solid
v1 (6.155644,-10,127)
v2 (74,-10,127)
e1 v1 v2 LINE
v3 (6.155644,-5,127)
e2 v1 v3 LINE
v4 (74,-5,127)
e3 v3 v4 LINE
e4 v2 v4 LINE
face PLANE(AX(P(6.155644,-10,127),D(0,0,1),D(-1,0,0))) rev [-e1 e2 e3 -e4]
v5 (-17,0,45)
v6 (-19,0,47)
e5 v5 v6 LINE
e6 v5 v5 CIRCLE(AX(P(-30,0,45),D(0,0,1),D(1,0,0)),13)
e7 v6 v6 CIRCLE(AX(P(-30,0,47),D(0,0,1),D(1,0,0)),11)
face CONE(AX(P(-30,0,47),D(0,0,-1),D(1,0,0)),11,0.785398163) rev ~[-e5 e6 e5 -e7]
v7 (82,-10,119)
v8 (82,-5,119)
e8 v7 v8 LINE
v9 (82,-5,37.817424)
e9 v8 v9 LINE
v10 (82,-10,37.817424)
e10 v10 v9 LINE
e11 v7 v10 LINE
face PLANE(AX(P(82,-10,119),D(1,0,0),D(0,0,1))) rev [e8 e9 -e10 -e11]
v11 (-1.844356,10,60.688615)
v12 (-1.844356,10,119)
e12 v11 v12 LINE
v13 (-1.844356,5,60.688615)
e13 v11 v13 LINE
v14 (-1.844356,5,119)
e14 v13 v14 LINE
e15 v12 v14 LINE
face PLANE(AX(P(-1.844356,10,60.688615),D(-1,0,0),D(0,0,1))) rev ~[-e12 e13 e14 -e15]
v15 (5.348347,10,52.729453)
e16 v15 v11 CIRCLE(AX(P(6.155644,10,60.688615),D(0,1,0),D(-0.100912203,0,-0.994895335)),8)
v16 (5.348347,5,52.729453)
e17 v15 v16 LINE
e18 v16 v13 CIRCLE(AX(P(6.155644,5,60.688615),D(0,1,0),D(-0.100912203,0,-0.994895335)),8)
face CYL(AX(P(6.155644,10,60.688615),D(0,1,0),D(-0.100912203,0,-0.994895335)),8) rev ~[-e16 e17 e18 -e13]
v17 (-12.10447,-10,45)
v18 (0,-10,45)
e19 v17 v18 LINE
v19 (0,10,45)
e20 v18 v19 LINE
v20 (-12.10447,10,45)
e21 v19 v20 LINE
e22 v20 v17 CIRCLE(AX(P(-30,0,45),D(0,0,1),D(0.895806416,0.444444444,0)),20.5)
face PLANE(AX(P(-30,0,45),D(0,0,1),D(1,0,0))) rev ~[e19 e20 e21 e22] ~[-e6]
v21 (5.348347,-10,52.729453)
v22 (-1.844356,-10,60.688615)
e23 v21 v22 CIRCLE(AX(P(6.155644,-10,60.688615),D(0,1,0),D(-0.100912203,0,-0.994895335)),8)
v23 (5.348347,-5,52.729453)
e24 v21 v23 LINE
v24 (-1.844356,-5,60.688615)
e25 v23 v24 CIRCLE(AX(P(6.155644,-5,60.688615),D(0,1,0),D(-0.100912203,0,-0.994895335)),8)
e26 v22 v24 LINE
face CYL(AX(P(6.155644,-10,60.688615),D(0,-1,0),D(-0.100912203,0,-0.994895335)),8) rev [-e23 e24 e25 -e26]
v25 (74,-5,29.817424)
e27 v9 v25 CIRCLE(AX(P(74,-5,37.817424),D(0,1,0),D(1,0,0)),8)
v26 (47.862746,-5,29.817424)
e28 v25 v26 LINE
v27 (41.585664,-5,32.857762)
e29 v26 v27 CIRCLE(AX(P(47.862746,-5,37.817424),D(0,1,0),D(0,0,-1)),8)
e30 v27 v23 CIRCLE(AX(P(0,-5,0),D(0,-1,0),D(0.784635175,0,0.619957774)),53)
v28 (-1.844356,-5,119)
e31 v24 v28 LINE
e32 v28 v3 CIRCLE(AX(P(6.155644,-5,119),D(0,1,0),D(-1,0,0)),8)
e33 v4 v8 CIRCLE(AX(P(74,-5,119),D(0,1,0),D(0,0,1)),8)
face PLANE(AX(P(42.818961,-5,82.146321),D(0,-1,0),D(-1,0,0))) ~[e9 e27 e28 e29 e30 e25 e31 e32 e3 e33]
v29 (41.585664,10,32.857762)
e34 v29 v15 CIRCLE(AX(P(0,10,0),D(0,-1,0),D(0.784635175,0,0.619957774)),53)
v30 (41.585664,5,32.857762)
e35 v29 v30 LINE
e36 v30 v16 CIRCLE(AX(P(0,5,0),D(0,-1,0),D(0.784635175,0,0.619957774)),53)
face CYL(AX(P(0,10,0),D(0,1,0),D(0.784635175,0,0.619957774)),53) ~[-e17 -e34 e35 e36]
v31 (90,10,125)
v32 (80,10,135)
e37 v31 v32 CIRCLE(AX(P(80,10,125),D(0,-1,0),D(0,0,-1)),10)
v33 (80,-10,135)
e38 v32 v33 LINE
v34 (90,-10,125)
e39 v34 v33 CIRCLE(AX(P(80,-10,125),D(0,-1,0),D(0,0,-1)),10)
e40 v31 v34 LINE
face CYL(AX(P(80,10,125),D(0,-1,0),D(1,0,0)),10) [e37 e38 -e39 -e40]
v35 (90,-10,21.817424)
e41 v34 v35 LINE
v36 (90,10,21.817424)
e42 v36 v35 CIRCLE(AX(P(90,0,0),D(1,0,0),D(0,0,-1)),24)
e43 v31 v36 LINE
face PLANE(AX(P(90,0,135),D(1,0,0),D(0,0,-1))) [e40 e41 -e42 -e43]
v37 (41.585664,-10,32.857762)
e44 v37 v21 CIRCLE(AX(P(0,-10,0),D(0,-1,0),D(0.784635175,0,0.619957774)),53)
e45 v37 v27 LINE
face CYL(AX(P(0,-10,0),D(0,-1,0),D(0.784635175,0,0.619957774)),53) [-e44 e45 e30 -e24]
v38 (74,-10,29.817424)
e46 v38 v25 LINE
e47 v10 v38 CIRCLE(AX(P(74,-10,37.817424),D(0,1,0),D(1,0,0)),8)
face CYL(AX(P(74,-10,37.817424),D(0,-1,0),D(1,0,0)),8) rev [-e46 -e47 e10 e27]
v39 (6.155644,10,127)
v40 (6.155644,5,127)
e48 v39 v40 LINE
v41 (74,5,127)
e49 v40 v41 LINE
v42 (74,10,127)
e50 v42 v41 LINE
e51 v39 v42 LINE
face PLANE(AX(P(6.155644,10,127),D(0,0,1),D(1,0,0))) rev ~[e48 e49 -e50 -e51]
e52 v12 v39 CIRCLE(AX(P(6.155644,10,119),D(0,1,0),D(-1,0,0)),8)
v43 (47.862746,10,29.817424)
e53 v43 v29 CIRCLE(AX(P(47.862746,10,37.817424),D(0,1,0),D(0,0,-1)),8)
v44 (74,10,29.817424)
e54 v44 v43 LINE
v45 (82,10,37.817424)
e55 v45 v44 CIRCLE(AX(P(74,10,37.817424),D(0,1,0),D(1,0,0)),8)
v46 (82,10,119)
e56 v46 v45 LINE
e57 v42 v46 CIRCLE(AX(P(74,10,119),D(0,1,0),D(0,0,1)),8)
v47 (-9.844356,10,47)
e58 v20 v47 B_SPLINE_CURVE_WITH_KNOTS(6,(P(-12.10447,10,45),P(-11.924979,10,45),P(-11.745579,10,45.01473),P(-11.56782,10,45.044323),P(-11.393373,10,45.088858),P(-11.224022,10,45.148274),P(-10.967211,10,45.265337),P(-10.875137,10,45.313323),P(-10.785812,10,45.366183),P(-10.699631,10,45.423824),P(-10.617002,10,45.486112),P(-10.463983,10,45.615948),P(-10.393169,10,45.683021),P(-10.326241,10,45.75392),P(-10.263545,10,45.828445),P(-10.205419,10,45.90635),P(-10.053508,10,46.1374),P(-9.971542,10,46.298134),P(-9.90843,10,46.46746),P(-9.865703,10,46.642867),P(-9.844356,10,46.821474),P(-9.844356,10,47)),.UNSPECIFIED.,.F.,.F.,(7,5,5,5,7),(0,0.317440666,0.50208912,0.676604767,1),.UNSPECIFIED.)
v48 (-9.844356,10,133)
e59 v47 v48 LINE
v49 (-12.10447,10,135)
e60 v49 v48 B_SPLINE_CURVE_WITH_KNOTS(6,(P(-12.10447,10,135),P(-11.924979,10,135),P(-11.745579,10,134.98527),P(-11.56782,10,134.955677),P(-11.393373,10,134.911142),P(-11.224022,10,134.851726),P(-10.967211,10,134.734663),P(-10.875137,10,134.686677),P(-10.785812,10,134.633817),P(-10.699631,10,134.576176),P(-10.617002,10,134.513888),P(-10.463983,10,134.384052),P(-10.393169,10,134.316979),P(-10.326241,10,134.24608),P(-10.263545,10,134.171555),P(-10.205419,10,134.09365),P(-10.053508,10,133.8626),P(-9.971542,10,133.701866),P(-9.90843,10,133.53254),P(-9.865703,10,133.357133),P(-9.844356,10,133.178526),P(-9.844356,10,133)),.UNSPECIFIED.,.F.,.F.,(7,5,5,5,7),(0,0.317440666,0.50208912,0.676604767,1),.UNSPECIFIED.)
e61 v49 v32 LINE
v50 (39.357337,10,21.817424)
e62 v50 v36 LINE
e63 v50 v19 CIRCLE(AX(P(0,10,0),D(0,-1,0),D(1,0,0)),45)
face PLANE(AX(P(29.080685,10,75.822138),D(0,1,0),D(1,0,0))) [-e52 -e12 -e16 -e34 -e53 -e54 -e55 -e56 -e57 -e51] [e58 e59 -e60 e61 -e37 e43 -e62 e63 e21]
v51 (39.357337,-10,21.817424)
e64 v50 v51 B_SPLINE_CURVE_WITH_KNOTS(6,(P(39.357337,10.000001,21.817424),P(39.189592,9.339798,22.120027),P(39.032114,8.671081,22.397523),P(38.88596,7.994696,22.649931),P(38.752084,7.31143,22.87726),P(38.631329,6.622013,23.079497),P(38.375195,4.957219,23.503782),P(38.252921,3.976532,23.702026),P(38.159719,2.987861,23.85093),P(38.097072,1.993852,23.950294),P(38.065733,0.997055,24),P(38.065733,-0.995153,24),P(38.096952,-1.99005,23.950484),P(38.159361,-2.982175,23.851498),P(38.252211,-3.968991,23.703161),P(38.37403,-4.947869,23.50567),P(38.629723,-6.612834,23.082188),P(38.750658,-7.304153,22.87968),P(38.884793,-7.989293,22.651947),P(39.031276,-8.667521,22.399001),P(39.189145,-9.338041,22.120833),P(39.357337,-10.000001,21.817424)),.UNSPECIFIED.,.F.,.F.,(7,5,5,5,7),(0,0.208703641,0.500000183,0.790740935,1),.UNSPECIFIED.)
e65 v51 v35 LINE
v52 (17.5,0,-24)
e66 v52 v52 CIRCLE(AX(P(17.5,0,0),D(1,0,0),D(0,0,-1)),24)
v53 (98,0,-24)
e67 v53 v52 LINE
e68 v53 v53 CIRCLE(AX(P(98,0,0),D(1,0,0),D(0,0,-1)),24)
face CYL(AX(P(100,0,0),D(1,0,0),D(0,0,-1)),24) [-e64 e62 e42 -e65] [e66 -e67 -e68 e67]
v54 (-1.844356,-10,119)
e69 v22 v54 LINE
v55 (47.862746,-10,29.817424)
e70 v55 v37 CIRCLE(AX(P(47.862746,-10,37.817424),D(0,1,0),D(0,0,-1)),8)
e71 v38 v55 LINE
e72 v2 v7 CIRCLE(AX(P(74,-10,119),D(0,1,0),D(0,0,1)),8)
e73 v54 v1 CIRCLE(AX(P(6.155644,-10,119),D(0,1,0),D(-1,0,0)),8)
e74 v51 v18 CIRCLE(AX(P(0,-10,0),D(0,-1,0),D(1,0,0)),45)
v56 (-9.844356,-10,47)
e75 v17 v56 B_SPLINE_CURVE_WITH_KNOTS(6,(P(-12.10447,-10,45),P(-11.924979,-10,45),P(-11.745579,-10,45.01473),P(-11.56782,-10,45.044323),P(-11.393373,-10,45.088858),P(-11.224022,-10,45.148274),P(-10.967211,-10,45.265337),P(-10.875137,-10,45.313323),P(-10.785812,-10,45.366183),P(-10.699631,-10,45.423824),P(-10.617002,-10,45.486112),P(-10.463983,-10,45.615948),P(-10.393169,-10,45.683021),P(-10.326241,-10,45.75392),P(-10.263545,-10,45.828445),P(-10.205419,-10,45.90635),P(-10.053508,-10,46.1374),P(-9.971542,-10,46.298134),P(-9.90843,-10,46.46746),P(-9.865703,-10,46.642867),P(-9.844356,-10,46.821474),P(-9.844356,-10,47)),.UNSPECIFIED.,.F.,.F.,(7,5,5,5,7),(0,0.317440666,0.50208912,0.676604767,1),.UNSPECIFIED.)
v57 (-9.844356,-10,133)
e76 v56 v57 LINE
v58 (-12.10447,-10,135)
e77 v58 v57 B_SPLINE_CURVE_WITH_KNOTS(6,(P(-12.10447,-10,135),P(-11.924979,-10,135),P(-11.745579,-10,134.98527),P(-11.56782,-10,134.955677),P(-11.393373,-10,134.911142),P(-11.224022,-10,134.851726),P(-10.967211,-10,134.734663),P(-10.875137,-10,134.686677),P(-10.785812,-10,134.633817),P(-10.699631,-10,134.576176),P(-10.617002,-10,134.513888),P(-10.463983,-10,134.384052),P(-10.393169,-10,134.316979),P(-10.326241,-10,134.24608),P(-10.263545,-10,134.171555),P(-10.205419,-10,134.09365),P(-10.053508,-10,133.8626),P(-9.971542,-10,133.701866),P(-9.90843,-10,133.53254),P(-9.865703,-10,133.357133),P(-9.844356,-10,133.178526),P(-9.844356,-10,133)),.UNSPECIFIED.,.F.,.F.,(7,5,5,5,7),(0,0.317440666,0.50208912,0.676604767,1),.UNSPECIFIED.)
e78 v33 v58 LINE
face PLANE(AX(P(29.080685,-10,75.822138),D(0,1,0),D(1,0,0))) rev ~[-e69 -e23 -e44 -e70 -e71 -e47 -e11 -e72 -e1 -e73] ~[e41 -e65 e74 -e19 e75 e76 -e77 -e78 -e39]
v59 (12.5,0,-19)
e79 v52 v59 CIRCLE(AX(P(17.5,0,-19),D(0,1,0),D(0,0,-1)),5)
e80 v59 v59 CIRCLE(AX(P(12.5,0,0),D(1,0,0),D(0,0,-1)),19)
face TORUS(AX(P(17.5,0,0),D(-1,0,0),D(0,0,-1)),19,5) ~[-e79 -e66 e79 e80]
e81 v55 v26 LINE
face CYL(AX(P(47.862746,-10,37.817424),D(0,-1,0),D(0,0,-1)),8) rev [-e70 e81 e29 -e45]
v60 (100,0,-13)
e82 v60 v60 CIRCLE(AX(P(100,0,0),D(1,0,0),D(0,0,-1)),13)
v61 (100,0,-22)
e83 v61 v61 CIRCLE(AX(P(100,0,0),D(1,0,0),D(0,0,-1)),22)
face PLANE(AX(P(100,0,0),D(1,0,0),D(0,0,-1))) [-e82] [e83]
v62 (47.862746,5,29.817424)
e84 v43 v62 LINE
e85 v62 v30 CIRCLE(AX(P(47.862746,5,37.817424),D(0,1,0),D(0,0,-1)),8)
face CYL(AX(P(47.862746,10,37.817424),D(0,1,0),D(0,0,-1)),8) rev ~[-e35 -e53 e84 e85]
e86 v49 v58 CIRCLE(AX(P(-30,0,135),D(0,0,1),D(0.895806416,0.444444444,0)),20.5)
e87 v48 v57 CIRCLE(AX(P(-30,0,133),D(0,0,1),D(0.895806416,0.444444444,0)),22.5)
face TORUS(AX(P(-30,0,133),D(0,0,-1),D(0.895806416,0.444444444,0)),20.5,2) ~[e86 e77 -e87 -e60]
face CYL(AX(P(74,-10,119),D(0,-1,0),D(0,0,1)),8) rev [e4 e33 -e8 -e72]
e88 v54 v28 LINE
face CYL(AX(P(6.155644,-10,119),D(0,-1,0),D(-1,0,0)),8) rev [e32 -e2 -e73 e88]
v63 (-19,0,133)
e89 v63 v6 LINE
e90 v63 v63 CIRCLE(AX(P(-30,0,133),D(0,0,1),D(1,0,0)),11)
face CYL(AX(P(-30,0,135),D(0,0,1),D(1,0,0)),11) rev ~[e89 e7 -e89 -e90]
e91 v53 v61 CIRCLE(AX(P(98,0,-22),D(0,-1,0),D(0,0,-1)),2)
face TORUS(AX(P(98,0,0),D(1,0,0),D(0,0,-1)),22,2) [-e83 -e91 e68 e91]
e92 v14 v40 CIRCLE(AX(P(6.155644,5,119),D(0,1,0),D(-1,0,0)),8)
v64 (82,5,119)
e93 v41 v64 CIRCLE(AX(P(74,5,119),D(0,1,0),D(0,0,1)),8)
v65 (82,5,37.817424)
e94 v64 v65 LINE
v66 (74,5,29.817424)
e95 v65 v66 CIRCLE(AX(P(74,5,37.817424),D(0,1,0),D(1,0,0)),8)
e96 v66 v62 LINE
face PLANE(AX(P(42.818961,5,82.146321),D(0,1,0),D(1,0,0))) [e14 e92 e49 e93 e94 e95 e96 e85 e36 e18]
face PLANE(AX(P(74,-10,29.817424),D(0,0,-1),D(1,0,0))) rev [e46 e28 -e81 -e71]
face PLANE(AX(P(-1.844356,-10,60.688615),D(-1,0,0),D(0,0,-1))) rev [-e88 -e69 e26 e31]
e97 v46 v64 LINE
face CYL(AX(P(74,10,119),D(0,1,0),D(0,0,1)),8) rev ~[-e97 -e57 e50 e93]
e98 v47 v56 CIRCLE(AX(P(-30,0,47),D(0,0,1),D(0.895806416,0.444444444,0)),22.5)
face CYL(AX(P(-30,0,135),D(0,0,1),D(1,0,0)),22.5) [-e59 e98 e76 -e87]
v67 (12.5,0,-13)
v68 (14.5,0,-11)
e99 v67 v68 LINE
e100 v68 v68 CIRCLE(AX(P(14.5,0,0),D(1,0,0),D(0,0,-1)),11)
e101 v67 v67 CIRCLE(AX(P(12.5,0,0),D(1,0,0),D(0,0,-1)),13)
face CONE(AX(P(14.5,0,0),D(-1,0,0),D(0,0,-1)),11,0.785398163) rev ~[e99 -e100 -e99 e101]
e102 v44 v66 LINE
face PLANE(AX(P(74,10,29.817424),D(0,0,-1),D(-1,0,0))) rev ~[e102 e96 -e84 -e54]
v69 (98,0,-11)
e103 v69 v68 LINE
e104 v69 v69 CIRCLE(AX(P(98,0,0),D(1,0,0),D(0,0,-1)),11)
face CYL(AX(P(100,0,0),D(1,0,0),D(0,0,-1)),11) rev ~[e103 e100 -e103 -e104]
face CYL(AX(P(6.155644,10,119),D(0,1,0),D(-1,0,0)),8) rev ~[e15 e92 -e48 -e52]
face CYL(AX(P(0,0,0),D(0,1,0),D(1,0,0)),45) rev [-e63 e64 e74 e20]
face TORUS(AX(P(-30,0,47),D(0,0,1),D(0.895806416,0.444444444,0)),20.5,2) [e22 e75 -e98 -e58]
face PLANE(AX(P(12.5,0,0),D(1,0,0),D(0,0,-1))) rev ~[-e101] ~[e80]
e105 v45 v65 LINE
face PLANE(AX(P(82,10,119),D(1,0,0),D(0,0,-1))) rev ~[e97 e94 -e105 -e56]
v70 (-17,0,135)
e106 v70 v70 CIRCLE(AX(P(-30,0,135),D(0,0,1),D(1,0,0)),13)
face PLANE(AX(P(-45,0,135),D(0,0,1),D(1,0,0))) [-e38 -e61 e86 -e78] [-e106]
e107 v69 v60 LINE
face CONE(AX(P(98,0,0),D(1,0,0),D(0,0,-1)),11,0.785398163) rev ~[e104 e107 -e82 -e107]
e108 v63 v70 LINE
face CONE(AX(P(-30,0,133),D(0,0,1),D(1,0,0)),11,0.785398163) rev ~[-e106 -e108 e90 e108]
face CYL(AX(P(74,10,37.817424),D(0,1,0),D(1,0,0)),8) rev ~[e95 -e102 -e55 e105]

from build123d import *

# Parameters (mm, degrees)
BOSS_EXTRUDE1_DEPTH = 10
SKETCH2_R           = 22.5
BOSS_EXTRUDE2_DEPTH = 90
SKETCH3_R           = 11
CUT_EXTRUDE1_DEPTH  = 164.802472509
BOSS_EXTRUDE3_START = 10
SKETCH4_R           = 24
BOSS_EXTRUDE3_DEPTH = 87.5
SKETCH5_R           = 11
CUT_EXTRUDE2_DEPTH  = 206.078643463
CUT_EXTRUDE3_DEPTH  = 5
FILLET1_R           = 10
FILLET2_R           = 5
FILLET3_R           = 2
CHAMFER1_SIZE       = 2


with BuildPart() as part:
    # Sketch1 → Boss-Extrude1 (new, symmetric)
    with BuildSketch(Plane(origin=(0, 0, 0), x_dir=(1, 0, 0), z_dir=(0, 1, 0))):
        with BuildLine():
            ThreePointArc((45, 0), (31.819805153, -31.819805153), (0, -45))
            Line((0, -45), (-45, -45))
            Line((-45, -45), (-45, -135))
            Line((-45, -135), (90, -135))
            Line((90, -135), (90, 0))
            Line((90, 0), (45, 0))
        make_face()
    extrude(amount=BOSS_EXTRUDE1_DEPTH, both=True)

    # Sketch2 → Boss-Extrude2 (add)
    with BuildSketch(Plane.XY.offset(135)):
        with Locations((-30, 0)):
            Circle(SKETCH2_R)
    extrude(amount=-BOSS_EXTRUDE2_DEPTH)

    # Sketch3 → Cut-Extrude1 (cut, through all)
    with BuildSketch(Plane.XY.offset(135)):
        with Locations((-30, 0)):
            Circle(SKETCH3_R)
    extrude(amount=-CUT_EXTRUDE1_DEPTH, mode=Mode.SUBTRACT)

    # Sketch4 → Boss-Extrude3 (add)
    with BuildSketch(Plane(origin=(90, 0, 0), x_dir=(0, 0, -1), z_dir=(1, 0, 0)).offset(BOSS_EXTRUDE3_START)):
        Circle(SKETCH4_R)
    extrude(amount=-BOSS_EXTRUDE3_DEPTH)

    # Sketch5 → Cut-Extrude2 (cut, through all)
    with BuildSketch(Plane(origin=(100, 0, 0), x_dir=(0, 0, -1), z_dir=(1, 0, 0))):
        Circle(SKETCH5_R)
    extrude(amount=-CUT_EXTRUDE2_DEPTH, mode=Mode.SUBTRACT)

    # Sketch6 → Cut-Extrude3 (cut)
    with BuildSketch(Plane(origin=(0, 10, 0), x_dir=(1, 0, 0), z_dir=(0, 1, 0))):
        with BuildLine():
            Line((74, -29.817424229), (47.862745687, -29.817424229))
            ThreePointArc((47.862745687, -29.817424229), (44.375432792, -30.617518065), (41.585664285, -32.857762035))
            ThreePointArc((41.585664285, -32.857762035), (25.48374719, -46.471266705), (5.348346748, -52.729452748))
            ThreePointArc((5.348346748, -52.729452748), (0.220226063, -55.324772633), (-1.844355629, -60.688615426))
            Line((-1.844355629, -60.688615426), (-1.844355629, -119))
            ThreePointArc((-1.844355629, -119), (0.498790121, -124.656854249), (6.155644371, -127))
            Line((6.155644371, -127), (74, -127))
            ThreePointArc((74, -127), (79.656854249, -124.656854249), (82, -119))
            Line((82, -119), (82, -37.817424229))
            ThreePointArc((82, -37.817424229), (79.656854249, -32.16056998), (74, -29.817424229))
        make_face()
    cut_extrude3 = extrude(amount=-CUT_EXTRUDE3_DEPTH, mode=Mode.SUBTRACT)

    # Mirror1: Cut-Extrude3 across plane
    add(cut_extrude3.mirror(Plane.ZX), mode=Mode.SUBTRACT)

    # Fillet1
    fillet1_edges = [part.edges().sort_by_distance(p)[0] for p in [
        (90, 0, 135),
    ]]
    fillet(fillet1_edges, radius=FILLET1_R)

    # Fillet2
    fillet2_edges = [part.edges().sort_by_distance(p)[0] for p in [
        (12.5, 0, 24),
    ]]
    fillet(fillet2_edges, radius=FILLET2_R)

    # Fillet3
    fillet3_edges = [part.edges().sort_by_distance(p)[0] for p in [
        (-52.5, 0, 45),
        (-52.5, 0, 135),
        (100, 0, 24),
    ]]
    fillet(fillet3_edges, radius=FILLET3_R)

    # Chamfer1
    chamfer1_edges = [part.edges().sort_by_distance(p)[0] for p in [
        (-41, 0, 45),
        (-41, 0, 135),
        (12.5, 0, 11),
        (100, 0, 11),
    ]]
    chamfer(chamfer1_edges, length=CHAMFER1_SIZE)


solid = part.part
